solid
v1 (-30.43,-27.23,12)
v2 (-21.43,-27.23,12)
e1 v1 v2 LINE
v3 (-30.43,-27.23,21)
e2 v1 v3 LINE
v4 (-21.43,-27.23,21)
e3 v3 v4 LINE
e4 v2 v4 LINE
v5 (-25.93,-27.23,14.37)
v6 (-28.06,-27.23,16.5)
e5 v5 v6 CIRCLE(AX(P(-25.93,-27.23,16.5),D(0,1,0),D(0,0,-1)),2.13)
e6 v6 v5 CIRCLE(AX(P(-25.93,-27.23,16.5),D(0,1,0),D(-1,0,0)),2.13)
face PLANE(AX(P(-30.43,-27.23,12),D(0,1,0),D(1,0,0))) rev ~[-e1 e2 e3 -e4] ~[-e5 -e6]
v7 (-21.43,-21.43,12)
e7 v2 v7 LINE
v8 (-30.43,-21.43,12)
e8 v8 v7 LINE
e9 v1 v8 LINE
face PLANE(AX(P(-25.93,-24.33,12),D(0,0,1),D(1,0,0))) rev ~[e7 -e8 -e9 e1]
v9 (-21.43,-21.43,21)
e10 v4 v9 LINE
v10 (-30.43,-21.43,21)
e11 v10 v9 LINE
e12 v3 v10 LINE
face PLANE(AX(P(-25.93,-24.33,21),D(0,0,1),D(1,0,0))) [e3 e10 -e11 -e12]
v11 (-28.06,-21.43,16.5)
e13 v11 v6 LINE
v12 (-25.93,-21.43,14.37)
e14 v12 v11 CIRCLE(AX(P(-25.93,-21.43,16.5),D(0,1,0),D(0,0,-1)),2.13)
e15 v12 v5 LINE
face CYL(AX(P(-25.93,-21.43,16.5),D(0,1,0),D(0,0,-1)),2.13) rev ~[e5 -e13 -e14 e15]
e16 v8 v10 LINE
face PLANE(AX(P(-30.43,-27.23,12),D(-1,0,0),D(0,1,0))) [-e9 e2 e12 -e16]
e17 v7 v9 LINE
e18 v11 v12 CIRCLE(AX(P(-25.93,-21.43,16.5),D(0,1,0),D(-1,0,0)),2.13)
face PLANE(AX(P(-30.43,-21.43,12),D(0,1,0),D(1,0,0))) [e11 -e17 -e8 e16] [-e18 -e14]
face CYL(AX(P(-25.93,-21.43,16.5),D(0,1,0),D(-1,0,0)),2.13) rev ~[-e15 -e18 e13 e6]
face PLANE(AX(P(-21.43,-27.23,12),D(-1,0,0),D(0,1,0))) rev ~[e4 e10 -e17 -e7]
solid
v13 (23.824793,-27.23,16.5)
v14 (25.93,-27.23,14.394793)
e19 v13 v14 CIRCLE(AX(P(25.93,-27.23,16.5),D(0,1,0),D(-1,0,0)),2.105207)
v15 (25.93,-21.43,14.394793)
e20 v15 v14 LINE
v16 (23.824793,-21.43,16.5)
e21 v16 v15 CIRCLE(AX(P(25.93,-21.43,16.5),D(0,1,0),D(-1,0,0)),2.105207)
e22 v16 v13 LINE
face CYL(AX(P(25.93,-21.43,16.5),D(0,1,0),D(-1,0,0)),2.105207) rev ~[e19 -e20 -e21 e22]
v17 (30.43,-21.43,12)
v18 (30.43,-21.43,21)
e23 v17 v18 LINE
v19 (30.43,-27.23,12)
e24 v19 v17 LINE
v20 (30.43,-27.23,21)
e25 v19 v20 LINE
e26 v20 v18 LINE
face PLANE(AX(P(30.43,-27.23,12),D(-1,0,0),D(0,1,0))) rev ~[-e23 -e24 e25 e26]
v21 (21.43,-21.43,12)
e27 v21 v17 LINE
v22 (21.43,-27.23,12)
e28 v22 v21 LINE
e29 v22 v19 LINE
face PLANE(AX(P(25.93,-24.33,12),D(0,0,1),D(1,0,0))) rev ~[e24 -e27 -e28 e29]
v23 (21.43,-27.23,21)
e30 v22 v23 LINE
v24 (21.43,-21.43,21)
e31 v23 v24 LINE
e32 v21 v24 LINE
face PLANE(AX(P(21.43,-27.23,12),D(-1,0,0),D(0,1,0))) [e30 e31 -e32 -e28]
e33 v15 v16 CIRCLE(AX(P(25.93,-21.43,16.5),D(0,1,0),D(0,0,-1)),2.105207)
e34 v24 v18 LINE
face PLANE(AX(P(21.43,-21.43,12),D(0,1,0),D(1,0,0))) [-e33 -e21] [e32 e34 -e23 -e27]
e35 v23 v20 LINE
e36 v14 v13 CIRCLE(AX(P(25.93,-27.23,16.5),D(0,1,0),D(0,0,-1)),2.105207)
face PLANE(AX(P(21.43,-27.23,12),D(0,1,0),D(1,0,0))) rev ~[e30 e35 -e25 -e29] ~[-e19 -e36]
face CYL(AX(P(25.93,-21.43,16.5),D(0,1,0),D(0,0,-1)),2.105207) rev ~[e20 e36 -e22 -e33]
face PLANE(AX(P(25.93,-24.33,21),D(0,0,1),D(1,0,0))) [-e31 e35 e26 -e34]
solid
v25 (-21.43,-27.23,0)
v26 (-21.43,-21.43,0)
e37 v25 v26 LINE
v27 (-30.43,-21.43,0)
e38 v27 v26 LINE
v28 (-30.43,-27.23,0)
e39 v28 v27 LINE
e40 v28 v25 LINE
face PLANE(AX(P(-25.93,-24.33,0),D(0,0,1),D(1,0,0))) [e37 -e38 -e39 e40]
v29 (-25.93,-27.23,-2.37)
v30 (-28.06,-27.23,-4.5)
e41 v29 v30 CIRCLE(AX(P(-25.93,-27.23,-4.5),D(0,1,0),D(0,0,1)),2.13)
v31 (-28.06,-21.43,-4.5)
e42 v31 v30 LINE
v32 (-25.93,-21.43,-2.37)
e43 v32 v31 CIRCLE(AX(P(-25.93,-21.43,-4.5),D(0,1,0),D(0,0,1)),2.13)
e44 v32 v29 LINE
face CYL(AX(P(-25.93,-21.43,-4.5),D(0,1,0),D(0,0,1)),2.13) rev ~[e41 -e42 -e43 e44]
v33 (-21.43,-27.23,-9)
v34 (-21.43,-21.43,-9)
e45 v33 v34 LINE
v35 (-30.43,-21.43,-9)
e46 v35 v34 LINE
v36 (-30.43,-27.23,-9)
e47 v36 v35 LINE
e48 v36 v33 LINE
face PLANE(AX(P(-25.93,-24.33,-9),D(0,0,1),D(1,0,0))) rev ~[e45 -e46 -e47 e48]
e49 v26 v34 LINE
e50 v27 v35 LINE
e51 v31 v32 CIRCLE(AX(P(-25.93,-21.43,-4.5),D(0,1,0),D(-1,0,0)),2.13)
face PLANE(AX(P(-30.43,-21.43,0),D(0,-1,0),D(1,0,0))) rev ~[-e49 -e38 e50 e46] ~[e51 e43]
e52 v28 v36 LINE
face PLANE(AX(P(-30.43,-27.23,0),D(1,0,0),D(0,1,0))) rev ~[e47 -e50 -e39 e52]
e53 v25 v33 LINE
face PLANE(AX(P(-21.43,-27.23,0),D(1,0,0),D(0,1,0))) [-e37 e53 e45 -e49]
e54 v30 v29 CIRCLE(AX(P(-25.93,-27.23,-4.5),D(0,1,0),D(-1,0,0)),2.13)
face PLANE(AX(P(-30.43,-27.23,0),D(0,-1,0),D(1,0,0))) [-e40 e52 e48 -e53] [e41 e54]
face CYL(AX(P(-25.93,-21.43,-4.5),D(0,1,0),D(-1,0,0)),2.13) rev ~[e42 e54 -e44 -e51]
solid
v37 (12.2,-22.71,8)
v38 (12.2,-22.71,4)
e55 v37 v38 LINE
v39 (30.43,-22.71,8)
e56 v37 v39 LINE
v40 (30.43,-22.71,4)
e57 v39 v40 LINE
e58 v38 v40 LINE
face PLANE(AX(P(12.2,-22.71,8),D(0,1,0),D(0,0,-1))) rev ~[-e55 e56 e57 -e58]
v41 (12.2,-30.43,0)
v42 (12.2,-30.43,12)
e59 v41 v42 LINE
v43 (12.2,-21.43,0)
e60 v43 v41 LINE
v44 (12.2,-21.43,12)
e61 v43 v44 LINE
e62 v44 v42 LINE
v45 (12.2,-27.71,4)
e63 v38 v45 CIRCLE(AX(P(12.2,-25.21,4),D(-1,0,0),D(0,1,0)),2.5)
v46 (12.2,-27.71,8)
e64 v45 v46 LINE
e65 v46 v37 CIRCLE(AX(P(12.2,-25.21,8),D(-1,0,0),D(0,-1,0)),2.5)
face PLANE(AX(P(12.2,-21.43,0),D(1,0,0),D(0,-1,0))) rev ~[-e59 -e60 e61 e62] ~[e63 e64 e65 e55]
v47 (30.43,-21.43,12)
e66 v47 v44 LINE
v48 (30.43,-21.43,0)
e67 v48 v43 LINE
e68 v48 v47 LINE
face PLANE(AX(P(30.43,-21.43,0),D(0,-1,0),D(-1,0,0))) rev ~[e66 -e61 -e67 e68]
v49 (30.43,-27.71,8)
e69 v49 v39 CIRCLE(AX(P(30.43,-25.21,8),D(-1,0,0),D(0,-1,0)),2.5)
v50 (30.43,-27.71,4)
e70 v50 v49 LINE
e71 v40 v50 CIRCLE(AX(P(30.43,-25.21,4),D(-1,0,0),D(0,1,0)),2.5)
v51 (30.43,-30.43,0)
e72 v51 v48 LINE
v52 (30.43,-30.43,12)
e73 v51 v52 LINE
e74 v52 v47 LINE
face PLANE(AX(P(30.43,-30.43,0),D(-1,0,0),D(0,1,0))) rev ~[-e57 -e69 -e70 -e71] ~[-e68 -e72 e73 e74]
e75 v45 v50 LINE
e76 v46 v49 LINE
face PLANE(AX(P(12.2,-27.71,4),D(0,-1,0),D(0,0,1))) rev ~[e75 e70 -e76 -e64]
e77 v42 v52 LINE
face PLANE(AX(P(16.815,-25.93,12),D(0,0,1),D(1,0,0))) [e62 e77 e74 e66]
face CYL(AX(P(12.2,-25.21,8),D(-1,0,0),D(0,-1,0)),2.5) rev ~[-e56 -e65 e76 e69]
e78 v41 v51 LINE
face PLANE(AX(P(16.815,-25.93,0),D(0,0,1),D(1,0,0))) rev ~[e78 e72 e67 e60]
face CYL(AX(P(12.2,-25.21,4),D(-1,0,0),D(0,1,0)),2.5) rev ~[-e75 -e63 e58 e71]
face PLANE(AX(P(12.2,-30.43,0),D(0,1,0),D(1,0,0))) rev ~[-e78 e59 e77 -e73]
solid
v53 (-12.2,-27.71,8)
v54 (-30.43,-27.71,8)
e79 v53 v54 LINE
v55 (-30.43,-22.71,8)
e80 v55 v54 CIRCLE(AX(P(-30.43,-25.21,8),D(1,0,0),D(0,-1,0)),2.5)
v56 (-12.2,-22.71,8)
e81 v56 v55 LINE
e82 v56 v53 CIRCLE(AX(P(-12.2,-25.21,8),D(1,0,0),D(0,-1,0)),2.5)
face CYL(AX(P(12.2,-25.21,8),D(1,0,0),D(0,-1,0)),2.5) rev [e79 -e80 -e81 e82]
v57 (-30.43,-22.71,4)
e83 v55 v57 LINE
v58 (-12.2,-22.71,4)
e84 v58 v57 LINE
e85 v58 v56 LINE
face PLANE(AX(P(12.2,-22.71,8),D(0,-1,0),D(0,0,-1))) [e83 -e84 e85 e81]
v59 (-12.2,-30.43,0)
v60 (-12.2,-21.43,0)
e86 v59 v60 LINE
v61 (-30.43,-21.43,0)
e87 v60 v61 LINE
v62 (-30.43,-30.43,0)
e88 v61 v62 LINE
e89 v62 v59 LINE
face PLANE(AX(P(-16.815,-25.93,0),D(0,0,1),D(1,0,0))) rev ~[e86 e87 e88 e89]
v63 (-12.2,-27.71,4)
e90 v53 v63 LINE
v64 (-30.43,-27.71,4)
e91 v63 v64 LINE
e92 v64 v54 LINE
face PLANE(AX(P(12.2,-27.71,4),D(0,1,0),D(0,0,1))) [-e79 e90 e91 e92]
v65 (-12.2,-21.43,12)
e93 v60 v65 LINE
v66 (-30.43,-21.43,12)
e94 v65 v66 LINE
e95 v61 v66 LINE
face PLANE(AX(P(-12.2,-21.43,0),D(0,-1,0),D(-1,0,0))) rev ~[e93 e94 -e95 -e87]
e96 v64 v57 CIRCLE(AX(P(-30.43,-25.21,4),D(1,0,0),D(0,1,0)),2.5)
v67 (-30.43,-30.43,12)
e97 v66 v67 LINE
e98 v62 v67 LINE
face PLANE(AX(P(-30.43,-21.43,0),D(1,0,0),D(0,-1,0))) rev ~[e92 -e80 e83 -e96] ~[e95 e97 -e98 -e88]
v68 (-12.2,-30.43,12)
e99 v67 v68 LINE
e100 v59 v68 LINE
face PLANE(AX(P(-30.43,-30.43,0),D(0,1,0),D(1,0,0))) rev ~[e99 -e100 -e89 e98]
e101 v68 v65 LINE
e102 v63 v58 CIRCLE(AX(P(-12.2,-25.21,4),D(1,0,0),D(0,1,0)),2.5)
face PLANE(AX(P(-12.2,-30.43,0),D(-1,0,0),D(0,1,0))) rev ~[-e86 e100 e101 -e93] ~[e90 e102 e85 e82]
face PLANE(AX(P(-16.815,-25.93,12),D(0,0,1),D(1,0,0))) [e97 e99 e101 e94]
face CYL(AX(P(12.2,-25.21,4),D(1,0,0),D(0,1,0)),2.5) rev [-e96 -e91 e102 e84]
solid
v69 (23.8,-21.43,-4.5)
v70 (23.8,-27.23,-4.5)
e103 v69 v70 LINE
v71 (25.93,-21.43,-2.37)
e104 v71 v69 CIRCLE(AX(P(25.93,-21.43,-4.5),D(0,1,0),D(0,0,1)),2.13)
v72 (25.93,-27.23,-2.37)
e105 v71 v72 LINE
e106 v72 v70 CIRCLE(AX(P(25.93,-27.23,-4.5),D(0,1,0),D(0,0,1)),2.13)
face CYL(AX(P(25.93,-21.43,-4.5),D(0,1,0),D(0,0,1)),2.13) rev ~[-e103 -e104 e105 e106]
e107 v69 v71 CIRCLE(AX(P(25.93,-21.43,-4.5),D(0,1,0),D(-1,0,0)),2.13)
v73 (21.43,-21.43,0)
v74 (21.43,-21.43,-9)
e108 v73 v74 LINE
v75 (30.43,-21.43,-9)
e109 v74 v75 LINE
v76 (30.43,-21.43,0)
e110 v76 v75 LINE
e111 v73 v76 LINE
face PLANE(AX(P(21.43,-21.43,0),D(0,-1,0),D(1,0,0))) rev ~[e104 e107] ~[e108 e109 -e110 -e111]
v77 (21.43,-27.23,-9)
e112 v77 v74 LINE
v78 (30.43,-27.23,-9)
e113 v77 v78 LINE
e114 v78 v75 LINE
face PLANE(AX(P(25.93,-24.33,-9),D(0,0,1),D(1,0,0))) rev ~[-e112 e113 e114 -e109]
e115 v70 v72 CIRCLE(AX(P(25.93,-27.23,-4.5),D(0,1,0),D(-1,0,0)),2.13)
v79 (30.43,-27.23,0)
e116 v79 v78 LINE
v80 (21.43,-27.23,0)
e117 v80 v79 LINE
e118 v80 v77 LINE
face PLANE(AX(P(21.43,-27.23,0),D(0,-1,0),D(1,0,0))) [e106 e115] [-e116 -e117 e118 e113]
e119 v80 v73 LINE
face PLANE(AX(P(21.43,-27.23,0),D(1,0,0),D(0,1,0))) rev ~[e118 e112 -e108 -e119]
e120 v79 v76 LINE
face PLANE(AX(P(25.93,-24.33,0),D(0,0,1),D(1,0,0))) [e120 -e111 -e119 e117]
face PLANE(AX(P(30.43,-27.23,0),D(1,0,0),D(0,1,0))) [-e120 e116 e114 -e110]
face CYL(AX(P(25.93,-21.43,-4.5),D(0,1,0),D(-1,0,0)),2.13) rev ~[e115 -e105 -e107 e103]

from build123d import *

# Parameters (mm, degrees)
F0_W      = 9
F0_H      = 5.8
F0_H_2    = 3.2
F1_DEPTH  = 12
F5_DEPTH  = 9
F3_W      = 9
F3_H      = 5.8
F6_DEPTH  = 9
F4_W      = 9
F4_H      = 5.8
F8_DEPTH  = 25
F10_DEPTH = 25
F12_DEPTH = 25
F14_DEPTH = 25
F15_DEPTH = 25
F16_DEPTH = 59


with BuildPart() as f1:
    # F0 (on Top) → F1 (new body)
    with BuildSketch(Plane.XY):
        Polygon((-12.2, -21.43), (-21.43, -21.43), (-21.43, -27.23), (-21.43, -30.43), (-12.2, -30.43), align=None)
        with Locations((-25.93, -24.33)):
            Rectangle(F0_W, F0_H)
        with Locations((-25.93, -28.83)):
            Rectangle(F0_W, F0_H_2)
    extrude(amount=F1_DEPTH)

    # F2 (on face) → F16 (cut)
    with BuildSketch(Plane(origin=(12.2, 0, 0), x_dir=(0, -1, 0), z_dir=(-1, 0, 0))):
        with BuildLine():
            ThreePointArc((27.71, 8), (25.21, 10.5), (22.71, 8))
            Line((22.71, 8), (25.21, 8))
            Line((25.21, 8), (27.71, 8))
        make_face()
        with BuildLine():
            ThreePointArc((22.71, 8), (22.9739320225, 6.8819660113), (23.71, 6))
            ThreePointArc((23.71, 6), (25.21, 6.5), (26.71, 6))
            ThreePointArc((26.71, 6), (27.4460679775, 6.8819660113), (27.71, 8))
            Line((27.71, 8), (25.21, 8))
            Line((25.21, 8), (22.71, 8))
        make_face()
        with BuildLine():
            ThreePointArc((26.71, 6), (25.21, 6.5), (23.71, 6))
            ThreePointArc((23.71, 6), (25.21, 5.5), (26.71, 6))
        make_face()
        with BuildLine():
            ThreePointArc((26.71, 6), (25.21, 5.5), (23.71, 6))
            ThreePointArc((23.71, 6), (22.9739320225, 5.1180339887), (22.71, 4))
            Line((22.71, 4), (27.71, 4))
            ThreePointArc((27.71, 4), (27.4460679775, 5.1180339887), (26.71, 6))
        make_face()
        with BuildLine():
            Line((22.71, 8), (22.71, 6))
            Line((22.71, 6), (23.71, 6))
            ThreePointArc((23.71, 6), (22.9739320225, 6.8819660113), (22.71, 8))
        make_face()
        with BuildLine():
            Line((23.71, 6), (22.71, 6))
            Line((22.71, 6), (22.71, 4))
            ThreePointArc((22.71, 4), (22.9739320225, 5.1180339887), (23.71, 6))
        make_face()
        with BuildLine():
            ThreePointArc((27.71, 8), (27.4460679775, 6.8819660113), (26.71, 6))
            ThreePointArc((26.71, 6), (27.4460679775, 5.1180339887), (27.71, 4))
            Line((27.71, 4), (27.71, 6))
            Line((27.71, 6), (27.71, 8))
        make_face()
        with BuildLine():
            Line((27.71, 4), (22.71, 4))
            ThreePointArc((22.71, 4), (25.21, 1.5), (27.71, 4))
        make_face()
    extrude(amount=F16_DEPTH, mode=Mode.SUBTRACT)


with BuildPart() as f1b:
    # F0 (on Top) → F1, piece 2 (new body)
    with BuildSketch(Plane.XY):
        Polygon((21.43, -27.23), (21.43, -21.43), (12.2, -21.43), (12.2, -30.43), (21.43, -30.43), align=None)
        with Locations((25.93, -24.33)):
            Rectangle(F0_W, F0_H)
        with Locations((25.93, -28.83)):
            Rectangle(F0_W, F0_H_2)
    extrude(amount=F1_DEPTH)

    # F2 (on face) → F15 (cut)
    with BuildSketch(Plane(origin=(12.2, 0, 0), x_dir=(0, -1, 0), z_dir=(-1, 0, 0))):
        with BuildLine():
            ThreePointArc((27.71, 8), (25.21, 10.5), (22.71, 8))
            Line((22.71, 8), (25.21, 8))
            Line((25.21, 8), (27.71, 8))
        make_face()
        with BuildLine():
            ThreePointArc((22.71, 8), (22.9739320225, 6.8819660113), (23.71, 6))
            ThreePointArc((23.71, 6), (25.21, 6.5), (26.71, 6))
            ThreePointArc((26.71, 6), (27.4460679775, 6.8819660113), (27.71, 8))
            Line((27.71, 8), (25.21, 8))
            Line((25.21, 8), (22.71, 8))
        make_face()
        with BuildLine():
            ThreePointArc((26.71, 6), (25.21, 6.5), (23.71, 6))
            ThreePointArc((23.71, 6), (25.21, 5.5), (26.71, 6))
        make_face()
        with BuildLine():
            Line((22.71, 8), (22.71, 6))
            Line((22.71, 6), (23.71, 6))
            ThreePointArc((23.71, 6), (22.9739320225, 6.8819660113), (22.71, 8))
        make_face()
        with BuildLine():
            Line((23.71, 6), (22.71, 6))
            Line((22.71, 6), (22.71, 4))
            ThreePointArc((22.71, 4), (22.9739320225, 5.1180339887), (23.71, 6))
        make_face()
        with BuildLine():
            ThreePointArc((26.71, 6), (25.21, 5.5), (23.71, 6))
            ThreePointArc((23.71, 6), (22.9739320225, 5.1180339887), (22.71, 4))
            Line((22.71, 4), (27.71, 4))
            ThreePointArc((27.71, 4), (27.4460679775, 5.1180339887), (26.71, 6))
        make_face()
        with BuildLine():
            ThreePointArc((27.71, 8), (27.4460679775, 6.8819660113), (26.71, 6))
            ThreePointArc((26.71, 6), (27.4460679775, 5.1180339887), (27.71, 4))
            Line((27.71, 4), (27.71, 6))
            Line((27.71, 6), (27.71, 8))
        make_face()
        with BuildLine():
            Line((27.71, 4), (22.71, 4))
            ThreePointArc((22.71, 4), (25.21, 1.5), (27.71, 4))
        make_face()
    extrude(amount=-F15_DEPTH, mode=Mode.SUBTRACT)


with BuildPart() as f5:
    # F0 (on Top) → F5 (new body)
    with BuildSketch(Plane.XY):
        with Locations((25.93, -24.33)):
            Rectangle(F0_W, F0_H)
    extrude(amount=-F5_DEPTH)

    # F13 (on face) → F14 (cut)
    with BuildSketch(Plane(origin=(0, -21.43, 0), x_dir=(-1, 0, 0), z_dir=(0, 1, 0))):
        with BuildLine():
            ThreePointArc((-23.8, -4.5), (-24.4238625561, -2.9938625561), (-25.93, -2.37))
            ThreePointArc((-25.93, -2.37), (-27.4361374439, -6.0061374439), (-23.8, -4.5))
        make_face()
    extrude(amount=-F14_DEPTH, mode=Mode.SUBTRACT)


with BuildPart() as f5b:
    # F0 (on Top) → F5, piece 2 (new body)
    with BuildSketch(Plane.XY):
        with Locations((-25.93, -24.33)):
            Rectangle(F0_W, F0_H)
    extrude(amount=-F5_DEPTH)

    # F9 (on face) → F10 (cut)
    with BuildSketch(Plane(origin=(0, -21.43, 0), x_dir=(-1, 0, 0), z_dir=(0, 1, 0))):
        with BuildLine():
            ThreePointArc((28.06, -4.5), (27.4361374439, -2.9938625561), (25.93, -2.37))
            ThreePointArc((25.93, -2.37), (24.4238625561, -6.0061374439), (28.06, -4.5))
        make_face()
    extrude(amount=-F10_DEPTH, mode=Mode.SUBTRACT)


with BuildPart() as f6:
    # F3 (on face) → F6 (new body)
    with BuildSketch(Plane.XY.offset(12)):
        with Locations((25.93, -24.33)):
            Rectangle(F3_W, F3_H)
    extrude(amount=F6_DEPTH)

    # F11 (on face) → F12 (cut)
    with BuildSketch(Plane(origin=(0, -21.43, 0), x_dir=(-1, 0, 0), z_dir=(0, 1, 0))):
        with BuildLine():
            ThreePointArc((-23.8247930351, 16.5), (-27.4186061207, 17.9886061207), (-25.93, 14.3947930351))
            ThreePointArc((-25.93, 14.3947930351), (-24.4413938793, 15.0113938793), (-23.8247930351, 16.5))
        make_face()
    extrude(amount=-F12_DEPTH, mode=Mode.SUBTRACT)


with BuildPart() as f6b:
    # F4 (on face) → F6, piece 2 (new body)
    with BuildSketch(Plane.XY.offset(12)):
        with Locations((-25.93, -24.33)):
            Rectangle(F4_W, F4_H)
    extrude(amount=F6_DEPTH)

    # F7 (on face) → F8 (cut)
    with BuildSketch(Plane(origin=(0, -21.43, 0), x_dir=(-1, 0, 0), z_dir=(0, 1, 0))):
        with BuildLine():
            ThreePointArc((28.06, 16.5), (24.4238625561, 18.0061374439), (25.93, 14.37))
            ThreePointArc((25.93, 14.37), (27.4361374439, 14.9938625561), (28.06, 16.5))
        make_face()
    extrude(amount=-F8_DEPTH, mode=Mode.SUBTRACT)


solid = Compound([f1.part, f1b.part, f5.part, f5b.part, f6.part, f6b.part])
